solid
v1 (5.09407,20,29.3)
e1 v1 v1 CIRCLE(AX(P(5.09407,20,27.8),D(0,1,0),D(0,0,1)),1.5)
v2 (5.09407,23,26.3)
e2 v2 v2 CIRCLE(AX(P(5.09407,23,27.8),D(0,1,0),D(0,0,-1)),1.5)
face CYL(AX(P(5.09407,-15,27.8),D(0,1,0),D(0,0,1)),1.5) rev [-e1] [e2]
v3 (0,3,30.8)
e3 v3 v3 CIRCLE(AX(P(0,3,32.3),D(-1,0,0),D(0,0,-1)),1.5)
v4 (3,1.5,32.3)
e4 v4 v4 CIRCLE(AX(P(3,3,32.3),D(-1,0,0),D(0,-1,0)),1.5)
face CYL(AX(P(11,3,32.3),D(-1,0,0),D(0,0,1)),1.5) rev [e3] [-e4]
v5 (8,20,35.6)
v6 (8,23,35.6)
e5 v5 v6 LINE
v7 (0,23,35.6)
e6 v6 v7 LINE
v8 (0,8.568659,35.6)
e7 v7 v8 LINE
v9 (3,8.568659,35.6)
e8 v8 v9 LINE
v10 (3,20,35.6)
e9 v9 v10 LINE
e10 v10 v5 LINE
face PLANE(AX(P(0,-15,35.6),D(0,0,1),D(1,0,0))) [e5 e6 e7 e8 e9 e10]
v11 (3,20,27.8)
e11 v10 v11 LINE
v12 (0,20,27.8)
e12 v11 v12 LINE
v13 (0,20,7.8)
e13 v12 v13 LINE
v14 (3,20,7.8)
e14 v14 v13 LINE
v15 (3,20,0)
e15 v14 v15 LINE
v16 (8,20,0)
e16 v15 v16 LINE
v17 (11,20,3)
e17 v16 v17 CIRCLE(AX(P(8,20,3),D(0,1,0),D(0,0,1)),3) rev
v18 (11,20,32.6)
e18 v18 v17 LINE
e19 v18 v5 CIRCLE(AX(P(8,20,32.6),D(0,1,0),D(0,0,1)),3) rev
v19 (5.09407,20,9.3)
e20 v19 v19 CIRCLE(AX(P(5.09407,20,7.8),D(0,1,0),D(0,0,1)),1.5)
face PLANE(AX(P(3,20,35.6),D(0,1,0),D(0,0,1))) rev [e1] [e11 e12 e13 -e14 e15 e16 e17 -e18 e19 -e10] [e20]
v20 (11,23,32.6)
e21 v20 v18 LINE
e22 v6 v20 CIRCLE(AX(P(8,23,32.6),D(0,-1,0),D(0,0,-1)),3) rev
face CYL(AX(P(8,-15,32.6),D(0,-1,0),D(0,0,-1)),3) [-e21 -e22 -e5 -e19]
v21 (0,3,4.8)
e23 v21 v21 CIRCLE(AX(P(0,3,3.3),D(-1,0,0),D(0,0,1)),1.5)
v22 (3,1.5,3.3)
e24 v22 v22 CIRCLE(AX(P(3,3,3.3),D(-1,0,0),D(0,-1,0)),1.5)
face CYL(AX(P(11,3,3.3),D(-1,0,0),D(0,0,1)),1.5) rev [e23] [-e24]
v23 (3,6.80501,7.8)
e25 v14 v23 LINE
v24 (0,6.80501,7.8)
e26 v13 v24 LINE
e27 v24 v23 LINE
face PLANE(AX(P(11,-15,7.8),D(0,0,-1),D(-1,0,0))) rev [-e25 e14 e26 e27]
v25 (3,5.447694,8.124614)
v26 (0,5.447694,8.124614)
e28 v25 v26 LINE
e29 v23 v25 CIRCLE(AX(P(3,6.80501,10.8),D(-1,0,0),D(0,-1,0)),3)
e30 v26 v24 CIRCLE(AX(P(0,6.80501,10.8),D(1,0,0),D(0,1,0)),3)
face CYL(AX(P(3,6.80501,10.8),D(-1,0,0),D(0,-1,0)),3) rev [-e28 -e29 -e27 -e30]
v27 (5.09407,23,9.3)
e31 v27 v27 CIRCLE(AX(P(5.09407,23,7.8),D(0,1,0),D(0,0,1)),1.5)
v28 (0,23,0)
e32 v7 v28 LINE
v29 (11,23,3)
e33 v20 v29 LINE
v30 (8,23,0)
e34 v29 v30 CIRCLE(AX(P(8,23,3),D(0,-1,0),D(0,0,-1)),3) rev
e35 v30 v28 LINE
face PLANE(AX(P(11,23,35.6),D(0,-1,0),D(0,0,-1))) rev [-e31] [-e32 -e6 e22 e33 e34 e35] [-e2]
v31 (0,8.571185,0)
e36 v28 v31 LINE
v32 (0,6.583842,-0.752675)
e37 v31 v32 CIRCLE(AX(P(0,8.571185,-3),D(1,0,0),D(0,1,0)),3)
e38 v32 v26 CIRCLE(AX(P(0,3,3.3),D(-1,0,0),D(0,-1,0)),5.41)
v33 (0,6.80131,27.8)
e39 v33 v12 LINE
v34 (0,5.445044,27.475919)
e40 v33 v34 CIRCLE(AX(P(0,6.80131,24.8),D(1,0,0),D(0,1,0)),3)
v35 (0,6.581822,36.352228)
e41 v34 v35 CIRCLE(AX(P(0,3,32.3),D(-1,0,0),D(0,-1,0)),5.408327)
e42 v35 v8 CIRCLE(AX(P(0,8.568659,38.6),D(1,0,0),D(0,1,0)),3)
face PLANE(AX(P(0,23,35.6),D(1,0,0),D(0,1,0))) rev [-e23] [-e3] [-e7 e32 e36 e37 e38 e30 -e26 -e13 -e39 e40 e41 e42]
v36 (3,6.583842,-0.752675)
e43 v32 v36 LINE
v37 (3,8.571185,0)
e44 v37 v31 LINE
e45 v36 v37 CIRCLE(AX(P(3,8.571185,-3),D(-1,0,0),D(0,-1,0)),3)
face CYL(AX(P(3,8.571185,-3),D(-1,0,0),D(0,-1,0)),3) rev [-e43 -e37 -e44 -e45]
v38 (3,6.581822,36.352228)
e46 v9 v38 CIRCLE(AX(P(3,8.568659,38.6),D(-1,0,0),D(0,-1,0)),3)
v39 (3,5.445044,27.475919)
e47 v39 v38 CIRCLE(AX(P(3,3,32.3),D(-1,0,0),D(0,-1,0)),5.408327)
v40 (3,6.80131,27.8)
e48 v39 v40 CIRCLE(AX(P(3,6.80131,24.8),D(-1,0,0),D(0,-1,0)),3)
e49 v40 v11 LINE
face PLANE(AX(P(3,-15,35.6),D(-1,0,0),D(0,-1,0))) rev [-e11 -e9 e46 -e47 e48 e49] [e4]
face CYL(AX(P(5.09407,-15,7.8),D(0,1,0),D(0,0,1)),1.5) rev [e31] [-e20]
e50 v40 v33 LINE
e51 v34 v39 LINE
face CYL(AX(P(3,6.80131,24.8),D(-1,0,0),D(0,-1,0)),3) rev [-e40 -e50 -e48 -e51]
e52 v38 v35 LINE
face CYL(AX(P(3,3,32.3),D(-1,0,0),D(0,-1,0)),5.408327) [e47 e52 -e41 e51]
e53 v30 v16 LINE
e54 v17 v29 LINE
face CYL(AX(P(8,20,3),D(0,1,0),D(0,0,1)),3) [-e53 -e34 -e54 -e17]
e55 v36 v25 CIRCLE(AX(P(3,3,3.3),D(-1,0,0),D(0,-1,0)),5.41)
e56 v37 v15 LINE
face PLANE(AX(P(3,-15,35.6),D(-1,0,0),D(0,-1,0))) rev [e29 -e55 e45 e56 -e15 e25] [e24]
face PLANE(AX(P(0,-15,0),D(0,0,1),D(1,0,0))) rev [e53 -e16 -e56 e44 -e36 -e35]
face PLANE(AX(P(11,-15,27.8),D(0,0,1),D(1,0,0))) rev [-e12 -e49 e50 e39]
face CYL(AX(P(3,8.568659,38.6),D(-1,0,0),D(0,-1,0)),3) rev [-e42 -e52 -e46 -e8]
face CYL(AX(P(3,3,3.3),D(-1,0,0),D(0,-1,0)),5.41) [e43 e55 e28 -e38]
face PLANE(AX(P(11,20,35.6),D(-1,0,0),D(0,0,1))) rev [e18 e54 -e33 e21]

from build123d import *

# Parameters (mm, degrees)
EXTRUDE_1_DEPTH     = 35.6
SKETCH_3_R          = 1.5
SKETCH_3_W          = 20
SKETCH_3_H          = 35
CUT_EXTRUDE_1_DEPTH = 54.219921082
SKETCH_4_R          = 1.5
CUT_EXTRUDE_2_DEPTH = 54.219921082
FILLET_1_R          = 3
SKETCH_6_R          = 5.41
SKETCH_6_R_2        = 1.5
SKETCH_6_R_3        = 5.408326913
EXTRUDE_2_DEPTH     = 3
FILLET_2_R          = 3
SKETCH_7_W          = 3
SKETCH_7_H          = 15
CUT_EXTRUDE_3_DEPTH = 59


with BuildPart() as part:
    # 草图1 → 凸台-拉伸1 (new body)
    with BuildSketch(Plane.XY):
        Polygon((0, 0), (3, 0), (3, 35), (11, 35), (11, 38), (0, 38), align=None)
    extrude(amount=EXTRUDE_1_DEPTH)

    # 草图3 → 切除-拉伸1 (cut, through all)
    with BuildSketch(Plane.ZY):
        with Locations((3.3, 3)):
            Circle(SKETCH_3_R)
        with Locations((32.3, 3)):
            Circle(SKETCH_3_R)
        with Locations((17.8, 17.5)):
            Rectangle(SKETCH_3_W, SKETCH_3_H)
    extrude(amount=-CUT_EXTRUDE_1_DEPTH, mode=Mode.SUBTRACT)

    # 草图4 → 切除-拉伸2 (cut, through all)
    with BuildSketch(Plane(origin=(0, 38, 0), x_dir=(1, 0, 0), z_dir=(0, 1, 0))):
        with Locations((5.094069653, -7.8)):
            Circle(SKETCH_4_R)
        with Locations((5.094069653, -27.8)):
            Circle(SKETCH_4_R)
    extrude(amount=-CUT_EXTRUDE_2_DEPTH, mode=Mode.SUBTRACT)

    # 圆角1
    fillet_1_edges = [part.edges().sort_by_distance(p)[0] for p in [
        (11, 36.5, 0),
        (11, 36.5, 35.6),
    ]]
    fillet(fillet_1_edges, radius=FILLET_1_R)

    # 草图6 → 凸台-拉伸2 (add)
    # profile 1 of 2: a face of its own
    with BuildSketch(Plane.ZY):
        with Locations((3.3, 3)):
            Circle(SKETCH_6_R)
        with Locations((3.3, 3)):
            Circle(SKETCH_6_R_2, mode=Mode.SUBTRACT)
    # profile 2 of 2: a face of its own
    with BuildSketch(Plane.ZY):
        with Locations((32.3, 3)):
            Circle(SKETCH_6_R_3)
        with Locations((32.3, 3)):
            Circle(SKETCH_6_R_2, mode=Mode.SUBTRACT)
    extrude(amount=-EXTRUDE_2_DEPTH)

    # 圆角2
    fillet_2_edges = [part.edges().sort_by_distance(p)[0] for p in [
        (1.5, 6, 27.8),
        (1.5, 7.284857057, 35.6),
        (1.5, 6.003015151, 7.8),
        (1.5, 7.286968626, 0),
    ]]
    fillet(fillet_2_edges, radius=FILLET_2_R)

    # 草图7 → 切除-拉伸3 (cut)
    with BuildSketch(Plane.XY.offset(35.6)):
        with Locations((1.5, 25.41705132)):
            Rectangle(SKETCH_7_W, SKETCH_7_H)
    extrude(amount=-CUT_EXTRUDE_3_DEPTH, mode=Mode.SUBTRACT)


with BuildPart() as cut_extrude_3_piece_1:
    # of the separate pieces the step leaves, piece 1, a body of its own (cut_extrude_3_pieces)
    add(part.part.solids().sort_by_distance((0, 32.91705132, 0))[0])


with BuildPart() as cut_extrude_3_piece_2:
    # of the separate pieces the step leaves, piece 2, a body of its own (cut_extrude_3_pieces)
    add(part.part.solids().sort_by_distance((3, 8.571184793, 0))[0])


with BuildPart() as cut_extrude_3_piece_3:
    # of the separate pieces the step leaves, piece 3, a body of its own (cut_extrude_3_pieces)
    add(part.part.solids().sort_by_distance((0, 17.91705132, 35.6))[0])


with BuildPart() as cut_extrude_3_piece_1_1:
    # Move Body 1: moved
    add(cut_extrude_3_piece_1.part.moved(Location((0, -15, 0))))

    # Combine 3: union 切除-拉伸3 piece 2, 切除-拉伸3 piece 3
    add(cut_extrude_3_piece_2.part)
    add(cut_extrude_3_piece_3.part)


solid = cut_extrude_3_piece_1_1.part
